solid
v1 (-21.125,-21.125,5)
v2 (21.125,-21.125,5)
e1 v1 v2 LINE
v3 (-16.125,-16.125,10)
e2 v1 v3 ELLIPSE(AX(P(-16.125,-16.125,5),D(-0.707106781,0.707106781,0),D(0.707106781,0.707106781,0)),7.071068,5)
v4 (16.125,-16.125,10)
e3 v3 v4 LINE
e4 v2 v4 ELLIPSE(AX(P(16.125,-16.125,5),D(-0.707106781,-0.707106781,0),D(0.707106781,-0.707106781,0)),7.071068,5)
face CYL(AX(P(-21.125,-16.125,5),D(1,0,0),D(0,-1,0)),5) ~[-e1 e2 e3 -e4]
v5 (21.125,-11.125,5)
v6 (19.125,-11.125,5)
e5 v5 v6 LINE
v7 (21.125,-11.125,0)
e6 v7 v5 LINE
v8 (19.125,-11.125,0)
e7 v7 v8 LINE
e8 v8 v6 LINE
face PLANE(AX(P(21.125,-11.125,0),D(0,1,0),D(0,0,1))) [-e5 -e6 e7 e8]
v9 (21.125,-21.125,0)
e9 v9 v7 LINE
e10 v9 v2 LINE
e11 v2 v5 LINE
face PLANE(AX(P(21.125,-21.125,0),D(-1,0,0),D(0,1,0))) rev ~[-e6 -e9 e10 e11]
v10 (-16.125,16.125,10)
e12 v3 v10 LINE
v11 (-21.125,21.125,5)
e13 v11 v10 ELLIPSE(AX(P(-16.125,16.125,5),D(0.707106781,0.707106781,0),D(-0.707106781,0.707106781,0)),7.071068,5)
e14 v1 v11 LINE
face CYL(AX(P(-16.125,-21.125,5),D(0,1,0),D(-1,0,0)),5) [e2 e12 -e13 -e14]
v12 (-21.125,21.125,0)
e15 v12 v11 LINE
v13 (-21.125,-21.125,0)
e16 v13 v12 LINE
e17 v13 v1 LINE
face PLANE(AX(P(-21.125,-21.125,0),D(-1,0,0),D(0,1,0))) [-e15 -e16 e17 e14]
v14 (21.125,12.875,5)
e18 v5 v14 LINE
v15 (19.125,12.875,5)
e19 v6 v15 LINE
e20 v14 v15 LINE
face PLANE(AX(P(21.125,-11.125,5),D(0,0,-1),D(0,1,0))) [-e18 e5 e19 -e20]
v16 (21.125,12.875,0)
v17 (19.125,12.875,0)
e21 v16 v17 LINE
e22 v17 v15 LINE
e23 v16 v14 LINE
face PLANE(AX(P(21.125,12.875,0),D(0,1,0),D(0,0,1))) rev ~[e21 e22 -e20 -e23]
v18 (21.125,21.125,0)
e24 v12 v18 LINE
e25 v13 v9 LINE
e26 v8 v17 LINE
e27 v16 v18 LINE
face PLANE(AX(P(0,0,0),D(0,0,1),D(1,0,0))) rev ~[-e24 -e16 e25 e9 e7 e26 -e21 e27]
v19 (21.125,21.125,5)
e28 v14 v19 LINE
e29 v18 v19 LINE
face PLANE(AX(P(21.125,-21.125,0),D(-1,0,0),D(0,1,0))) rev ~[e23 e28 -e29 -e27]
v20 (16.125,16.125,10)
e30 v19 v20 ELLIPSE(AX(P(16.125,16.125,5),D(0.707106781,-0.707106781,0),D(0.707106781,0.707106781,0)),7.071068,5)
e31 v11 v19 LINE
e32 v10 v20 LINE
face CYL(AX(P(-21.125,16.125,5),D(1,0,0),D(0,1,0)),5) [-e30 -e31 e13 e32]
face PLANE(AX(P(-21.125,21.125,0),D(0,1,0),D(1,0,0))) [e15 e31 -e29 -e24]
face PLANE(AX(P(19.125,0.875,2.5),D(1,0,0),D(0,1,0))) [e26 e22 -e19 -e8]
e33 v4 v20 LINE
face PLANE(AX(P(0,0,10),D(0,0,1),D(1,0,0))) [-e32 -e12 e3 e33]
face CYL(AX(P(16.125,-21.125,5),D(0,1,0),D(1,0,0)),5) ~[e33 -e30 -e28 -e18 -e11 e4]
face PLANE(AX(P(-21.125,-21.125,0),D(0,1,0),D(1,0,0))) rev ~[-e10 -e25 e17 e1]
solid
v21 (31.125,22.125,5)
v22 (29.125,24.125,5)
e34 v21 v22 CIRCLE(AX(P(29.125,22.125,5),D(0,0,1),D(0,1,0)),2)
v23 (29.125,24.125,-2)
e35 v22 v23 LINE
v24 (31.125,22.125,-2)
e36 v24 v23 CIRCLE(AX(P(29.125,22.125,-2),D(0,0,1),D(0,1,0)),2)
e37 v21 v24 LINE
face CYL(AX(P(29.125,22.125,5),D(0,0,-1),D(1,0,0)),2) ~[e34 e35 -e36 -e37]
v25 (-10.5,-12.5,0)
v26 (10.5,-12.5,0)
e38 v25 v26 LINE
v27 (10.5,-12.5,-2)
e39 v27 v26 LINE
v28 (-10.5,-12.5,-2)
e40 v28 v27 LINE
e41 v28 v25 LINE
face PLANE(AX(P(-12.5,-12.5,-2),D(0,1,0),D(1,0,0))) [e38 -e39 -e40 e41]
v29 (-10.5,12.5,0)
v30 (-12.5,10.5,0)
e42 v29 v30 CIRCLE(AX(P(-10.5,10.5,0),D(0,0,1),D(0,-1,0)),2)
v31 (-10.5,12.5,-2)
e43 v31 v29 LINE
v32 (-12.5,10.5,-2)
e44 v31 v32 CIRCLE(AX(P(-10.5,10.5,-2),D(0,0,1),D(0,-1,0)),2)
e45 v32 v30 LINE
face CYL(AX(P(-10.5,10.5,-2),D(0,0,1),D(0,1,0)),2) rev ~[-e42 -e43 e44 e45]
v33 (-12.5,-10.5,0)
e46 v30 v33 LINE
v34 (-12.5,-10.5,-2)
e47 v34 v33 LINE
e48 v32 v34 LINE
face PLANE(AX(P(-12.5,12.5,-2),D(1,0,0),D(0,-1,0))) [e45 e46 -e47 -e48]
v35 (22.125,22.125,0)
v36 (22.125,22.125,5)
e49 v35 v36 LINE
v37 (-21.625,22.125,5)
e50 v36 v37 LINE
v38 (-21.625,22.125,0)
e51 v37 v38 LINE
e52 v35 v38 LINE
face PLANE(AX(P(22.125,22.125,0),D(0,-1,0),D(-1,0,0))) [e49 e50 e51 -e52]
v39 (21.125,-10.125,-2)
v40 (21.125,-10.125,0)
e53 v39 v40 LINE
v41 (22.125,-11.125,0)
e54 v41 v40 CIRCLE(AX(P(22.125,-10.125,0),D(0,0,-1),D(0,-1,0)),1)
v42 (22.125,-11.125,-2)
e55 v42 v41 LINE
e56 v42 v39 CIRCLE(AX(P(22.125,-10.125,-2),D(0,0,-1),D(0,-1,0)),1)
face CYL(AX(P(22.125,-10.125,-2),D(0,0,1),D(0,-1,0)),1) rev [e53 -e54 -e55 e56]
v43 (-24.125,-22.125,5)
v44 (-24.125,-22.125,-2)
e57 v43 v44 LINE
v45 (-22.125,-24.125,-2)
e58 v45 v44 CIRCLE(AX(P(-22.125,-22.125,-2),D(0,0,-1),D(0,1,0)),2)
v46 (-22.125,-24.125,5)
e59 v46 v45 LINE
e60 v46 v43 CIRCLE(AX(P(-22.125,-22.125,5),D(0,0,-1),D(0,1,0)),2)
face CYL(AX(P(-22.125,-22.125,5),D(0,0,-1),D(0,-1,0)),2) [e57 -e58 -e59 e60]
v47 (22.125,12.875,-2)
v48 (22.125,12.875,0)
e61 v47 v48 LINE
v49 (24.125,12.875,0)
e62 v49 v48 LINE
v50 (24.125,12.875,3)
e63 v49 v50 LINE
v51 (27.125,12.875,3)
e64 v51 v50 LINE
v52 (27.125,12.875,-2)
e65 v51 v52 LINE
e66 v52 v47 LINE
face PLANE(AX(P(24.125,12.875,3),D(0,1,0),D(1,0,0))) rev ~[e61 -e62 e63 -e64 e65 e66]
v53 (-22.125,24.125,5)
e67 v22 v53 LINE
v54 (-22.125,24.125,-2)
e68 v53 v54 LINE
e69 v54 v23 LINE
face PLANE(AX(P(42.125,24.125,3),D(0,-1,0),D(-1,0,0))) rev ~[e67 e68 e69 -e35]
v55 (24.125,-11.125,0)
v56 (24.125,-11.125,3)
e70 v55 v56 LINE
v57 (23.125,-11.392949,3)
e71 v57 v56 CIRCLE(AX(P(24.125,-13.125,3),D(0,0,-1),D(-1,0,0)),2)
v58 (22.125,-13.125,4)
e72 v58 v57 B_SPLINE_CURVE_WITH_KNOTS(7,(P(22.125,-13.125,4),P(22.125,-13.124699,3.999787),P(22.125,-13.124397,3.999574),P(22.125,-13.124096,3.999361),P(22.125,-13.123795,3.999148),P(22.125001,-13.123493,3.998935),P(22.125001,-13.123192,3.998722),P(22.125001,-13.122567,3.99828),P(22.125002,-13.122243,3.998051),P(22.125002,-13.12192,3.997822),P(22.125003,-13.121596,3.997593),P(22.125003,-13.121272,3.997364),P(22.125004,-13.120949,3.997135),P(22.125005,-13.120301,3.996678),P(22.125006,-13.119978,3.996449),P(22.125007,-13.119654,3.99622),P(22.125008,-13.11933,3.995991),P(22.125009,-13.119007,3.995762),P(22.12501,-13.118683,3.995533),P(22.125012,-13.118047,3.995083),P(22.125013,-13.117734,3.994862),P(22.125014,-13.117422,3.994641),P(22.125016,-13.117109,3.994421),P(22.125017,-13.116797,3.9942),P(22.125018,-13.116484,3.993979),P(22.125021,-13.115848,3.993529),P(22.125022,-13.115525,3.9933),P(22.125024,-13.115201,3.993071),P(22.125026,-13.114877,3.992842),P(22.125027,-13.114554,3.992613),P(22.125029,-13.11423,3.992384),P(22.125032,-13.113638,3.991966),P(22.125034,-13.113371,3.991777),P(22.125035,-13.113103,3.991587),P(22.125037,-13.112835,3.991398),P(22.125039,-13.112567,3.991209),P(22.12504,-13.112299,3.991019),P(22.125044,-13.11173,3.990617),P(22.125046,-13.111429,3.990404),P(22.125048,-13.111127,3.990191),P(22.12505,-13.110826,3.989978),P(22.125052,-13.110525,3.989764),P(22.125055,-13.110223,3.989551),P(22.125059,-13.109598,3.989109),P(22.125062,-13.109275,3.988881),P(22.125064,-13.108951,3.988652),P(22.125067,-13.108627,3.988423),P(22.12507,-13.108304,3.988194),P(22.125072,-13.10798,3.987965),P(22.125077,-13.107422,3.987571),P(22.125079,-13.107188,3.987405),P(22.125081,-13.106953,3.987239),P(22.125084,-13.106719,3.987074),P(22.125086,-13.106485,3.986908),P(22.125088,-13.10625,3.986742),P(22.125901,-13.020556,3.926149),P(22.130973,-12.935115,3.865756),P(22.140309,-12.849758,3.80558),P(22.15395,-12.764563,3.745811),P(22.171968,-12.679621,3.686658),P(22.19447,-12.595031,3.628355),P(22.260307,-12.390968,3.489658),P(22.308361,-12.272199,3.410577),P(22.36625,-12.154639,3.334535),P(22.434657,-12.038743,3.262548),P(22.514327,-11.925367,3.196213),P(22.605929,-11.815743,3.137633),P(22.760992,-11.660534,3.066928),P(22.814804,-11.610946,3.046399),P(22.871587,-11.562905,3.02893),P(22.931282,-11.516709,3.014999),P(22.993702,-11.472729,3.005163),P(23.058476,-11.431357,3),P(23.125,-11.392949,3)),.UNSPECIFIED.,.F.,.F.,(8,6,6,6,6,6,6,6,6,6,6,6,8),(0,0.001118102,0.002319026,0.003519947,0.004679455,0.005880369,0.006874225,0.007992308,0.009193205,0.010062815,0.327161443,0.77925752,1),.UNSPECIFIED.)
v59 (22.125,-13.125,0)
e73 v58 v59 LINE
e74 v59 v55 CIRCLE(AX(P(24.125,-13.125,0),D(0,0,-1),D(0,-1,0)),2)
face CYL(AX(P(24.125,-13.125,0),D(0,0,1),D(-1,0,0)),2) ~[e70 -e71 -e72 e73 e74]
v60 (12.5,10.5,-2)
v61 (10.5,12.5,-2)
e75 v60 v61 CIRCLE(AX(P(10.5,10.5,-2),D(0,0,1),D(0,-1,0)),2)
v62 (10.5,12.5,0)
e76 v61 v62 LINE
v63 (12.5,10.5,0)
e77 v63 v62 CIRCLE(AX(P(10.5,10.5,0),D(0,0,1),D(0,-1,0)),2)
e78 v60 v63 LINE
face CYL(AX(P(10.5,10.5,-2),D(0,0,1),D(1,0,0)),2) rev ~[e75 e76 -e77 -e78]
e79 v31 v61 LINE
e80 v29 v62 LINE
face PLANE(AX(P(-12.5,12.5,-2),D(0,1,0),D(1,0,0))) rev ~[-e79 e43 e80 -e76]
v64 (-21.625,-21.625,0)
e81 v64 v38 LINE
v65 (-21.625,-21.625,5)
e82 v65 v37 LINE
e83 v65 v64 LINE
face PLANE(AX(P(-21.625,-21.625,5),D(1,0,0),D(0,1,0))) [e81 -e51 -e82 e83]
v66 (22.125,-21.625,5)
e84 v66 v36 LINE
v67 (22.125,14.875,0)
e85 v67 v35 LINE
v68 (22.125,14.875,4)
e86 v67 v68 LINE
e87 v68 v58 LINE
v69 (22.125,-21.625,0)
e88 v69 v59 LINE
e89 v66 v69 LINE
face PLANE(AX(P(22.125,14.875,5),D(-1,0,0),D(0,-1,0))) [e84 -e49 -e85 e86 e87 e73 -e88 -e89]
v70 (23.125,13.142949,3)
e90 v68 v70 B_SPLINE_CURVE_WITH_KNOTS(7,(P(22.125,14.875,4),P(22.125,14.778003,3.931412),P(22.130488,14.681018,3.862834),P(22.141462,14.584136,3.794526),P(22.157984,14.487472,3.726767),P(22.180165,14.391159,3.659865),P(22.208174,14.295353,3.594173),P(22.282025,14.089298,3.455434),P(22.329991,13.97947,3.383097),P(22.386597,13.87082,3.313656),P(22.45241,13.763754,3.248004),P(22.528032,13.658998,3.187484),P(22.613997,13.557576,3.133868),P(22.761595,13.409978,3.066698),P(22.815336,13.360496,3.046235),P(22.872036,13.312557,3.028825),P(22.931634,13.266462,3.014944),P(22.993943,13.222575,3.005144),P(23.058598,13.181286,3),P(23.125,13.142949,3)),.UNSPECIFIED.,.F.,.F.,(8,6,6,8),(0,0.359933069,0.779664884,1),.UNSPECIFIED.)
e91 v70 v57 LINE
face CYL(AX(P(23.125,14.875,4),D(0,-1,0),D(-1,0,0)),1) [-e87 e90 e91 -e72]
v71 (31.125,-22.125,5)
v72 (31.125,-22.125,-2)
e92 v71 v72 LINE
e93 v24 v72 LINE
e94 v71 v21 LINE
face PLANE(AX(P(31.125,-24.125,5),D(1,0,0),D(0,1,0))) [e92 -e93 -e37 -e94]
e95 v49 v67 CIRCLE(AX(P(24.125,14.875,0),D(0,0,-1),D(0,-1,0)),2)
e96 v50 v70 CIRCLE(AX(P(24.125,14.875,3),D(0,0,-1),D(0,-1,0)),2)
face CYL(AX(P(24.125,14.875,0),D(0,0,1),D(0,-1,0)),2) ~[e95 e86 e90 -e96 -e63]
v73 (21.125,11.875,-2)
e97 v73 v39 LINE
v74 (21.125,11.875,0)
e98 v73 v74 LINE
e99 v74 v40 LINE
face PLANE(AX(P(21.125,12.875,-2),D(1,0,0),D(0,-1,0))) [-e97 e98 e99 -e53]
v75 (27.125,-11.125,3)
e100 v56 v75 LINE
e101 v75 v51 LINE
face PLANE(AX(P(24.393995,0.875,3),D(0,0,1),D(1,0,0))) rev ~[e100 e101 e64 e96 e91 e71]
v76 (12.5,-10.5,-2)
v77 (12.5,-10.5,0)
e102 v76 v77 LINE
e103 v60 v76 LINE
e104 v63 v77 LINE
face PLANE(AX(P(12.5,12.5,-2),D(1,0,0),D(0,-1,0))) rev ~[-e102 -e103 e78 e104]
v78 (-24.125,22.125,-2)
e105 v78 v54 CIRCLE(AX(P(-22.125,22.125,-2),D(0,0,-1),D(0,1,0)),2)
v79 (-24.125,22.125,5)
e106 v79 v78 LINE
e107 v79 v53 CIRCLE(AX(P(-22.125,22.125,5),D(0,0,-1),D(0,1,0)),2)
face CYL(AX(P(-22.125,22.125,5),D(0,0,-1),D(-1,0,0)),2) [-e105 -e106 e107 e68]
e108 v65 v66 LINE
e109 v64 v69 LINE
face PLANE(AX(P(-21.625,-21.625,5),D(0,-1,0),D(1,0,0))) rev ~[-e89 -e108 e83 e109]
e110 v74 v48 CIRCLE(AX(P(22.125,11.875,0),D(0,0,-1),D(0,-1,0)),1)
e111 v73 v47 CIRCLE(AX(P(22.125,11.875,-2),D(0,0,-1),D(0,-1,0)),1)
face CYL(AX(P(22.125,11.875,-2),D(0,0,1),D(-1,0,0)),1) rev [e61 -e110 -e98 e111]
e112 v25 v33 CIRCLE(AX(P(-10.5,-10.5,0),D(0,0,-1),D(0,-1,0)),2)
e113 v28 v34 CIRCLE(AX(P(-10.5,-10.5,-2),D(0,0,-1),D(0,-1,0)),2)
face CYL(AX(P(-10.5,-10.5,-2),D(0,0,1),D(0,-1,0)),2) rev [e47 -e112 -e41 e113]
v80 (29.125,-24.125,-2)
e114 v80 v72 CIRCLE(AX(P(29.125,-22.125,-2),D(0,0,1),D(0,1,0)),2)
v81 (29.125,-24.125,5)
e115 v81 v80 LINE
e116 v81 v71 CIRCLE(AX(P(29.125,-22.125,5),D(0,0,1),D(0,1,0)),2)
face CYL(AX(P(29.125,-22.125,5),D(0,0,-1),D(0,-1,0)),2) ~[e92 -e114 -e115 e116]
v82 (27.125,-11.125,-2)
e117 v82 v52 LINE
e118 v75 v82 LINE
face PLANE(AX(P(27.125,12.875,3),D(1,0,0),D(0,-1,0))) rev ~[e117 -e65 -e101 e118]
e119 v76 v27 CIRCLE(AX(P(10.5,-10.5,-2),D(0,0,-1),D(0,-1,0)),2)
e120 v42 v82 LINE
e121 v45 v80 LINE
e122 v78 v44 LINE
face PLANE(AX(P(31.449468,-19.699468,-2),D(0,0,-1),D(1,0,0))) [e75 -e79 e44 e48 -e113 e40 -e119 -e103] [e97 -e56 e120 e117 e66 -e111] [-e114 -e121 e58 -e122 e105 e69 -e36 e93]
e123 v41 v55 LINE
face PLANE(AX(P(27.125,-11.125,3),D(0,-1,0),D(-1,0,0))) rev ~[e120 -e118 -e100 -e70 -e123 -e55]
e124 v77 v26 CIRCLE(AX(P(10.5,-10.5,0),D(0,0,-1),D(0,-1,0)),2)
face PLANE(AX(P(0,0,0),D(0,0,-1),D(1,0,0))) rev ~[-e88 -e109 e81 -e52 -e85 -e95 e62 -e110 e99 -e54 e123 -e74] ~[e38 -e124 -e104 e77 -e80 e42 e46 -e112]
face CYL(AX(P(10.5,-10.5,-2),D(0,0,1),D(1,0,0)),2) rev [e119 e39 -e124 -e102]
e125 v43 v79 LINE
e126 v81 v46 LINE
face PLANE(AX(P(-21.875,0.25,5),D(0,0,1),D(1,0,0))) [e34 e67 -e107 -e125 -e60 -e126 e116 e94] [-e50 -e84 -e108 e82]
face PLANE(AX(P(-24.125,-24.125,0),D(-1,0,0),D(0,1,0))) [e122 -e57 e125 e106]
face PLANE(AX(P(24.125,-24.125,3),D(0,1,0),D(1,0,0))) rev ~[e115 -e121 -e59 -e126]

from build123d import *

# Parameters (mm, degrees)
F0_W      = 42.25
F0_H      = 42.25
F1_DEPTH  = 10
F2_R      = 5
F3_W      = 24
F3_H      = 5
F4_DEPTH  = 2
F6_W      = 48.25
F6_H      = 48.25
F7_DEPTH  = 2
F8_DEPTH  = 5
F9_W      = 3
F9_H      = 24
F10_DEPTH = 25
F11_W     = 4.5
F11_H     = 10
F11_H_2   = 28.25
F11_W_2   = 9
F11_H_3   = 4.75
F11_H_4   = 3
F12_DEPTH = 4
F16_DEPTH = 2
F20_W     = 25
F20_H     = 25
F21_DEPTH = 2
F23_DEPTH = 7
F24_W     = 11
F24_H     = 48.25
F25_DEPTH = 25
F26_R     = 2
F28_DEPTH = 2
F29_R     = 1
F30_R     = 1
F31_W     = 0.5
F31_H     = 43.75
F31_W_2   = 43.75
F31_H_2   = 0.5
F32_DEPTH = 5


with BuildPart() as f1:
    # F0 (on Top) → F1 (new body)
    with BuildSketch(Plane.XY):
        Rectangle(F0_W, F0_H)
    extrude(amount=F1_DEPTH)

    # F2
    f2_edges = [f1.edges().sort_by_distance(p)[0] for p in [
        (-21.125, 0, 10),
        (0, -21.125, 10),
        (21.125, 0, 10),
        (0, 21.125, 10),
    ]]
    fillet(f2_edges, radius=F2_R)

    # F3 (on face) → F4 (cut)
    with BuildSketch(Plane.YZ.offset(21.125)):
        with Locations((0.875, 2.5)):
            Rectangle(F3_W, F3_H)
    extrude(amount=-F4_DEPTH, mode=Mode.SUBTRACT)


with BuildPart() as f7:
    # F6 (on face) → F7 (new body)
    with BuildSketch(Plane(origin=(0, 0, 0), x_dir=(1, 0, 0), z_dir=(0, 0, -1))):
        Rectangle(F6_W, F6_H)
    extrude(amount=F7_DEPTH)

    # F5 (on face) → F8 (join)
    with BuildSketch(Plane(origin=(0, 0, 0), x_dir=(1, 0, 0), z_dir=(0, 0, -1))):
        Polygon((22.125, -12.875), (22.125, -22.125), (-22.125, -22.125), (-22.125, 22.125), (22.125, 22.125), (22.125, 11.125), (24.125, 11.125), (24.125, 24.125), (-24.125, 24.125), (-24.125, -24.125), (24.125, -24.125), (24.125, -12.875), align=None)
    extrude(amount=-F8_DEPTH)

    # F9 (on face) → F10 (cut)
    with BuildSketch(Plane(origin=(0, 0, -2), x_dir=(1, 0, 0), z_dir=(0, 0, -1))):
        with Locations((22.625, -0.875)):
            Rectangle(F9_W, F9_H)
    extrude(amount=-F10_DEPTH, mode=Mode.SUBTRACT)

    # F11 (on face) → F12 (join)
    with BuildSketch(Plane(origin=(0, 0, -2), x_dir=(1, 0, 0), z_dir=(0, 0, -1))):
        Polygon((24.125, 24.125), (24.125, 17.125), (33.125, 17.125), (33.125, 14.125), (37.625, 14.125), (37.625, 24.125), align=None)
        with Locations((39.875, 19.125)):
            Rectangle(F11_W, F11_H)
        with Locations((35.375, 0)):
            Rectangle(F11_W, F11_H_2)
        with Locations((39.875, 0)):
            Rectangle(F11_W, F11_H_2)
        Polygon((37.625, -14.125), (33.125, -14.125), (33.125, -18.875), (24.125, -18.875), (24.125, -24.125), (37.625, -24.125), align=None)
        with Locations((39.875, -19.125)):
            Rectangle(F11_W, F11_H)
        Polygon((24.125, 14.125), (24.125, 11.125), (27.125, 11.125), (27.125, -12.875), (24.125, -12.875), (24.125, -14.125), (33.125, -14.125), (33.125, 14.125), align=None)
        with Locations((28.625, -16.5)):
            Rectangle(F11_W_2, F11_H_3)
        with Locations((28.625, 15.625)):
            Rectangle(F11_W_2, F11_H_4)
    extrude(amount=-F12_DEPTH)

    # F15 (on offset) → F16 (join)
    with BuildSketch(Plane.XY.offset(3)):
        Polygon((24.125, -24.125), (42.125, -24.125), (42.125, 24.125), (24.125, 24.125), (24.125, 12.875), (27.125, 12.875), (27.125, -11.125), (24.125, -11.125), align=None)
    extrude(amount=F16_DEPTH)

    # F20 (on face) → F21 (cut, through all)
    with BuildSketch(Plane(origin=(0, 0, -2), x_dir=(1, 0, 0), z_dir=(0, 0, -1))):
        Rectangle(F20_W, F20_H)
    extrude(amount=-F21_DEPTH, mode=Mode.SUBTRACT)

    # F22 (on face) → F23 (join, through all)
    with BuildSketch(Plane.XY.offset(5)):
        Polygon((22.125, -24.125), (42.125, -24.125), (42.125, 24.125), (22.125, 24.125), (22.125, 22.125), (22.125, 12.875), (27.125, 12.875), (27.125, -11.125), (22.125, -11.125), (22.125, -22.125), align=None)
    extrude(amount=-F23_DEPTH)

    # F24 (on face) → F25 (cut)
    with BuildSketch(Plane.XY.offset(5)):
        with Locations((36.625, 0)):
            Rectangle(F24_W, F24_H)
    extrude(amount=-F25_DEPTH, mode=Mode.SUBTRACT)

    # F26
    f26_edges = [f7.edges().sort_by_distance(p)[0] for p in [
        (31.125, 24.125, 1.5),
        (-24.125, 24.125, 1.5),
        (-24.125, -24.125, 1.5),
        (31.125, -24.125, 1.5),
        (22.125, -11.125, 2.5),
        (22.125, 12.875, 2.5),
        (12.5, 12.5, -1),
        (-12.5, 12.5, -1),
        (-12.5, -12.5, -1),
        (12.5, -12.5, -1),
    ]]
    fillet(f26_edges, radius=F26_R)

    # F27 (on face) → F28 (join)
    with BuildSketch(Plane.XY.offset(5)):
        with BuildLine():
            Line((22.125, 14.875), (22.125, -13.125))
            ThreePointArc((22.125, -13.125), (22.7107864376, -11.7107864376), (24.125, -11.125))
            Line((24.125, -11.125), (27.125, -11.125))
            Line((27.125, -11.125), (27.125, 12.875))
            Line((27.125, 12.875), (24.125, 12.875))
            ThreePointArc((24.125, 12.875), (22.7107864376, 13.4607864376), (22.125, 14.875))
        make_face()
    extrude(amount=-F28_DEPTH)

    # F29
    f29_edges = [f7.edges().sort_by_distance(p)[0] for p in [
        (22.125, 0.875, 3),
    ]]
    fillet(f29_edges, radius=F29_R)

    # F30
    f30_edges = [f7.edges().sort_by_distance(p)[0] for p in [
        (21.125, -11.125, -1),
        (21.125, 12.875, -1),
    ]]
    fillet(f30_edges, radius=F30_R)

    # F31 (on face) → F32 (join, through all)
    with BuildSketch(Plane.XY.offset(5)):
        with Locations((-21.875, 0.25)):
            Rectangle(F31_W, F31_H)
        with Locations((0.25, -21.875)):
            Rectangle(F31_W_2, F31_H_2)
        with Locations((-21.875, -21.875)):
            Rectangle(F31_W, F31_H_2)
    extrude(amount=-F32_DEPTH)


solid = Compound([f1.part, f7.part])
